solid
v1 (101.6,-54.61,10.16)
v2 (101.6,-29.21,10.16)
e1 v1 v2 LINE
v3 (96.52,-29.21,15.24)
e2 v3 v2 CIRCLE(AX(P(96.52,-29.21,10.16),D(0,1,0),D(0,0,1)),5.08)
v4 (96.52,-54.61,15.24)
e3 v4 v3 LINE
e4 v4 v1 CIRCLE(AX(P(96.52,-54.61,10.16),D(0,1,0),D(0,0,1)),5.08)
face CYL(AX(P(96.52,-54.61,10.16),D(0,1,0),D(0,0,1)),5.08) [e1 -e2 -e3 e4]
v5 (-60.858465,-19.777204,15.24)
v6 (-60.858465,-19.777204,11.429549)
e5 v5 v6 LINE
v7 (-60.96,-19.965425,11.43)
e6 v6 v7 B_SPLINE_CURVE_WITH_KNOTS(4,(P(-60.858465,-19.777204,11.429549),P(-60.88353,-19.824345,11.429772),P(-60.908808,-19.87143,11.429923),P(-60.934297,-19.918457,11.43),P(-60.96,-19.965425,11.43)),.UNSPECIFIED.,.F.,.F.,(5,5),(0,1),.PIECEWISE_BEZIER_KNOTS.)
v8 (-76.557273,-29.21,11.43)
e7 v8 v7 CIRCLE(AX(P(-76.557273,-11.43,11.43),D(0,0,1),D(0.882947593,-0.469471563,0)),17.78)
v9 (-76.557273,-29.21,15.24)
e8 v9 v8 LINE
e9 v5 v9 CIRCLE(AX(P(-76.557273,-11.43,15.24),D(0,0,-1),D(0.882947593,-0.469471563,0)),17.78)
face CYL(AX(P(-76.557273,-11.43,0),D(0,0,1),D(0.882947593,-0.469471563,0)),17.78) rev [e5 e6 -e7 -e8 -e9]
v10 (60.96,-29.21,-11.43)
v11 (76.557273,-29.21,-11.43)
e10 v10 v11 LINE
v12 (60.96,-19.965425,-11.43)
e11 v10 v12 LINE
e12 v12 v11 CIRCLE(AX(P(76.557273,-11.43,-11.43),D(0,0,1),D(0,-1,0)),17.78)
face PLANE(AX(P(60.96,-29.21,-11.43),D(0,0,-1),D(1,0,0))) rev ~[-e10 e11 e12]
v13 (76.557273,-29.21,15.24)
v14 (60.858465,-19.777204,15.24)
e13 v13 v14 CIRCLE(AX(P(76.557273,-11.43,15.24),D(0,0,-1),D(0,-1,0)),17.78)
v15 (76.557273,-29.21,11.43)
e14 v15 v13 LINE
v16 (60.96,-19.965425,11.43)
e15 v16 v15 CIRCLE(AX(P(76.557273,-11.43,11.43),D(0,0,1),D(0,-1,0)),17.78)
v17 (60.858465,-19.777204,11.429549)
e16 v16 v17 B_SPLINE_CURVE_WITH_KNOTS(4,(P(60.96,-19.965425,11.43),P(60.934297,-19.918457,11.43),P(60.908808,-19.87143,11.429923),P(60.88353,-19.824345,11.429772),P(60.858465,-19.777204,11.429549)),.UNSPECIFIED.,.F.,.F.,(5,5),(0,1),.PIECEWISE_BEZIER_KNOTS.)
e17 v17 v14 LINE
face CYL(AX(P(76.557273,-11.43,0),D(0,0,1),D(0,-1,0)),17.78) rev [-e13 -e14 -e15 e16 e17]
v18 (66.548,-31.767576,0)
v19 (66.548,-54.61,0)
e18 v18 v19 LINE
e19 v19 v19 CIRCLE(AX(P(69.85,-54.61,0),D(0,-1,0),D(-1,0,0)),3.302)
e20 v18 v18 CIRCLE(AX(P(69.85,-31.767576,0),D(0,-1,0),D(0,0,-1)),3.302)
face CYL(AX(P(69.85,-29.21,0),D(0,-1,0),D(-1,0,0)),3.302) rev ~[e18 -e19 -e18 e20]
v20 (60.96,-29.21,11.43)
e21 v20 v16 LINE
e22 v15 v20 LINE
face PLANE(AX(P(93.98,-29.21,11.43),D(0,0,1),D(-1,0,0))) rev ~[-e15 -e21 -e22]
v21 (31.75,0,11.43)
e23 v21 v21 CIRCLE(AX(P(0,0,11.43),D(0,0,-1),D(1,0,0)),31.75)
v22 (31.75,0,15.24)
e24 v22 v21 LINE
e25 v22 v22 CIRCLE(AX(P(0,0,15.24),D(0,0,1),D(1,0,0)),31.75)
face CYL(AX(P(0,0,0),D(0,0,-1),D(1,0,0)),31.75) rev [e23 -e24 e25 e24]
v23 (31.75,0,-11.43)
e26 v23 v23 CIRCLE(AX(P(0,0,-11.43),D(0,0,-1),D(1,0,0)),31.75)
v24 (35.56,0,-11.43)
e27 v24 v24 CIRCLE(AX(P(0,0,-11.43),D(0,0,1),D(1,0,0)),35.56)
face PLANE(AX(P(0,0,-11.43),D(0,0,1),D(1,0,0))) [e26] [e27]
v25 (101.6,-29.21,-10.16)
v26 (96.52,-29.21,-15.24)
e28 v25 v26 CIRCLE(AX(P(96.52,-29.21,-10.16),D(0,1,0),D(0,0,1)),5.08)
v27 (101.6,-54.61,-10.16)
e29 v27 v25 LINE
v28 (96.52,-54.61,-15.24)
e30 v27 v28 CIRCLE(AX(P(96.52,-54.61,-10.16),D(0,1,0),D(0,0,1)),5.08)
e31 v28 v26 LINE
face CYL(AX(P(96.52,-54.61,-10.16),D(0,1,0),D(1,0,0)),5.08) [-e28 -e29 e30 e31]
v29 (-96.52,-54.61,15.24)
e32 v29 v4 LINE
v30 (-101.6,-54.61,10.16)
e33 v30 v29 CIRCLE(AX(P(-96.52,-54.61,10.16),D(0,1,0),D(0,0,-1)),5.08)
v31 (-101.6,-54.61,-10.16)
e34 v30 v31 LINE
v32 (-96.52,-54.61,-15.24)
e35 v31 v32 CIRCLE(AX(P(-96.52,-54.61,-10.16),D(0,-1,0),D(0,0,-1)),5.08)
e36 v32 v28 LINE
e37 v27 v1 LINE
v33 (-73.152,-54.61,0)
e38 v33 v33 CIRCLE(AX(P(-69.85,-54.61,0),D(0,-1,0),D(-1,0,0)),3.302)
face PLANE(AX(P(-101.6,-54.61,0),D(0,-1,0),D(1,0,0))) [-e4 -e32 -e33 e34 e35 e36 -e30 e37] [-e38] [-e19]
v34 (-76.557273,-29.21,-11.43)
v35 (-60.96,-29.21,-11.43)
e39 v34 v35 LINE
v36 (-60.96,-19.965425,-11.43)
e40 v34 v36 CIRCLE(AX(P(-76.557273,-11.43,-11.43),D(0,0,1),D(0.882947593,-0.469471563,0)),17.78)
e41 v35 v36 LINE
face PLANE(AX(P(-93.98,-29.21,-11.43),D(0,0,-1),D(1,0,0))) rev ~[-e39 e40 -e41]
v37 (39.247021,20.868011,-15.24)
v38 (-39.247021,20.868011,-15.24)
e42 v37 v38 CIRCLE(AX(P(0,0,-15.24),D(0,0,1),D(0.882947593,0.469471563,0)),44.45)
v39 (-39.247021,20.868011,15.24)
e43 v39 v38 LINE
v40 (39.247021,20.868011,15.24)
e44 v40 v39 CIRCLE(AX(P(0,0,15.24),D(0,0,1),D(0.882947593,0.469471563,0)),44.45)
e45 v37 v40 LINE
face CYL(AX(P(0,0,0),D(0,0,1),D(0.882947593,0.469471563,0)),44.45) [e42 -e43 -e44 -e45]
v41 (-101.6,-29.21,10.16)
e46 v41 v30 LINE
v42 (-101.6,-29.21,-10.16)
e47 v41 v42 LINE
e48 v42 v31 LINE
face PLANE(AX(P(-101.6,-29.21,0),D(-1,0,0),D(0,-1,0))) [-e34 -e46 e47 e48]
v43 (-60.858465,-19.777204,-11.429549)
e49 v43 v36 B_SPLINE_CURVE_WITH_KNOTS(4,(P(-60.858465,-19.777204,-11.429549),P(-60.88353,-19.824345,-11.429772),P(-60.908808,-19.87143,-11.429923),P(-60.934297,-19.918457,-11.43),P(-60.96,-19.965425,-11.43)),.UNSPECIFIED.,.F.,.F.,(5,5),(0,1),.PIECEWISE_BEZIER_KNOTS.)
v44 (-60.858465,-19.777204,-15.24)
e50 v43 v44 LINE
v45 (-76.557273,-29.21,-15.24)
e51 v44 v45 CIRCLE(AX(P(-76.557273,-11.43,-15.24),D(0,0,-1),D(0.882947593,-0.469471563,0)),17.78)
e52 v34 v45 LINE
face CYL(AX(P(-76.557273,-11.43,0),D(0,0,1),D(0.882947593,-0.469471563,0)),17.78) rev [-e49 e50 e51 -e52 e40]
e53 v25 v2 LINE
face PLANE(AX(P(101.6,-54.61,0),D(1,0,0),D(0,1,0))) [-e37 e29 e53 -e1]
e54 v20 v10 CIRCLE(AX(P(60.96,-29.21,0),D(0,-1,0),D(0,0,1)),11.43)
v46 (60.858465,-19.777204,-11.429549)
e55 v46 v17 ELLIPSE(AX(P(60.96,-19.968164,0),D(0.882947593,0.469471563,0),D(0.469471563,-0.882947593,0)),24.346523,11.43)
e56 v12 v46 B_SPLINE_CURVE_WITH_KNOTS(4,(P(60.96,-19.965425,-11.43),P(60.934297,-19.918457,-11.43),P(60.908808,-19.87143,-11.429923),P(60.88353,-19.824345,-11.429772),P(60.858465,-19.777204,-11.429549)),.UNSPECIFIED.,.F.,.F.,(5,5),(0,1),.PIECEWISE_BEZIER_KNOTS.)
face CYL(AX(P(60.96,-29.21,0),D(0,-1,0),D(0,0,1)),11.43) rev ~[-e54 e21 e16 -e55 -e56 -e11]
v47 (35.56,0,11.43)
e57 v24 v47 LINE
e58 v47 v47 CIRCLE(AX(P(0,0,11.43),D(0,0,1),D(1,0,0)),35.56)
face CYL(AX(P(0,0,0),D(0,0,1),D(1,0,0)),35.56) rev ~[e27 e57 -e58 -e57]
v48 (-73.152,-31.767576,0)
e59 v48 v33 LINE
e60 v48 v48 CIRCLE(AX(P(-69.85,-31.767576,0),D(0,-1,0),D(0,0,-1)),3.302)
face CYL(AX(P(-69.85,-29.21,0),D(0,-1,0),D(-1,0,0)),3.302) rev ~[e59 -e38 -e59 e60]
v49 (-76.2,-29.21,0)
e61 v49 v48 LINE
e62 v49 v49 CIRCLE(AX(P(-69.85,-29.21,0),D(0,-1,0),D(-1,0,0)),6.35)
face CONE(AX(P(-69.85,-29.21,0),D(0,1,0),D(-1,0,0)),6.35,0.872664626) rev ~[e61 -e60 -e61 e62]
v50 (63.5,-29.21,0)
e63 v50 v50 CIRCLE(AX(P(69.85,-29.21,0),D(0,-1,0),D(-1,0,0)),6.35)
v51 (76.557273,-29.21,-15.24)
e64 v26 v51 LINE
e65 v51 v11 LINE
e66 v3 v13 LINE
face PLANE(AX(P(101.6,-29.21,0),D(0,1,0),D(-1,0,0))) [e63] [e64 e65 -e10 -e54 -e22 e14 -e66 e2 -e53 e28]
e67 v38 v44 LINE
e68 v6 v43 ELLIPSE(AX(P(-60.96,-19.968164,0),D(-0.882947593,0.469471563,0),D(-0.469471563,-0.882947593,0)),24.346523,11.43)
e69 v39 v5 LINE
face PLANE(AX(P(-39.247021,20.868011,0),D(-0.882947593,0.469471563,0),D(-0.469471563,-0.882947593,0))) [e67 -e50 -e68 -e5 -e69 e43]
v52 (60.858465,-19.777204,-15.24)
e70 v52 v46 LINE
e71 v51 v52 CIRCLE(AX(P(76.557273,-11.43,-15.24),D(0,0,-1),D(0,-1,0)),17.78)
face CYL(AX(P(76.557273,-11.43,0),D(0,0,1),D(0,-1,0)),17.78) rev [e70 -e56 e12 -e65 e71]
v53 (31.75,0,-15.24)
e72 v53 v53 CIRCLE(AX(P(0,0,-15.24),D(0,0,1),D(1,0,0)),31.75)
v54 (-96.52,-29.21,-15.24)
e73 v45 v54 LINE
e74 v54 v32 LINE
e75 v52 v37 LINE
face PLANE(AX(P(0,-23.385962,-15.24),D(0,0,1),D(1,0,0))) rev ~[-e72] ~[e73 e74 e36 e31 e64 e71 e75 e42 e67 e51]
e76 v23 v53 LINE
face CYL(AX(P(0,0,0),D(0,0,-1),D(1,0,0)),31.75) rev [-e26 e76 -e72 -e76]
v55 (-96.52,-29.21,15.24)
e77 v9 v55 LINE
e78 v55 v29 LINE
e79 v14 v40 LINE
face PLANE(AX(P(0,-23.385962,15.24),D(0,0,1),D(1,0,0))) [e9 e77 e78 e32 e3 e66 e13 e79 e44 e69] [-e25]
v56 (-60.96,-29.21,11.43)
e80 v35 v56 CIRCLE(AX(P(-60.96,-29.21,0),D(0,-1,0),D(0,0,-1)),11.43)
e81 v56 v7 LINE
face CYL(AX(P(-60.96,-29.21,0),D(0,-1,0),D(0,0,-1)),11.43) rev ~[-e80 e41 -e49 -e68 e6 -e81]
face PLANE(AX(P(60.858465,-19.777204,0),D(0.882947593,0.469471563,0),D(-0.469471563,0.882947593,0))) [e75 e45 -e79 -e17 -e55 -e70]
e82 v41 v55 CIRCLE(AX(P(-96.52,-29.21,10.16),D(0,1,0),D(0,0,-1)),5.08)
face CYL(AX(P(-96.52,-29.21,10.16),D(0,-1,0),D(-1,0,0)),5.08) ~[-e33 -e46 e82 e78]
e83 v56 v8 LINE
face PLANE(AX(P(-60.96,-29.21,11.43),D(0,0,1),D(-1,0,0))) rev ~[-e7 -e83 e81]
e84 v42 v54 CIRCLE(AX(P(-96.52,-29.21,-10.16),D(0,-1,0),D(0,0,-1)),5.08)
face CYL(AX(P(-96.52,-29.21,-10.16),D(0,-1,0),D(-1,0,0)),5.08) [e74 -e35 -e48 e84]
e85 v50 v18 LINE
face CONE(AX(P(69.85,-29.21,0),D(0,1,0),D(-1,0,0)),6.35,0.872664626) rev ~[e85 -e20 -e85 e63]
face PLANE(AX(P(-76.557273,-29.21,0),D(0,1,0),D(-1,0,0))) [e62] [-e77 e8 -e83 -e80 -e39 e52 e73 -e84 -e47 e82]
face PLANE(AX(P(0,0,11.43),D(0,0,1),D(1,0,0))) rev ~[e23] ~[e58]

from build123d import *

# Parameters (mm, degrees)
SKETCH1_R                             = 31.75
BOSS_EXTRUDE1_DEPTH                   = 15.24
FILLET1_R                             = 5.08
CUT_EXTRUDE2_DEPTH                    = 74.66
F_1_4_0_26_DIAMETER_HOLE1_D           = 6.604
F_1_4_0_26_DIAMETER_HOLE1_DEPTH       = 25.4
F_1_4_0_26_DIAMETER_HOLE1_CSINK_D     = 12.7
F_1_4_0_26_DIAMETER_HOLE1_CSINK_ANGLE = 100
SKETCH5_R                             = 35.56
CUT_EXTRUDE3_DEPTH                    = 11.43


with BuildPart() as part:
    # Sketch1 → Boss-Extrude1 (new body, symmetric)
    with BuildSketch(Plane.XY):
        with BuildLine():
            Line((-101.6, -54.61), (101.6, -54.61))
            Line((101.6, -54.61), (101.6, -29.21))
            Line((101.6, -29.21), (76.557273058, -29.21))
            ThreePointArc((76.557273058, -29.21), (67.399896086, -26.670434606), (60.858464857, -19.777204386))
            Line((60.858464857, -19.777204386), (39.247020503, 20.868010966))
            ThreePointArc((39.247020503, 20.868010966), (0, 44.45), (-39.247020503, 20.868010966))
            Line((-39.247020503, 20.868010966), (-60.858464857, -19.777204386))
            ThreePointArc((-60.858464857, -19.777204386), (-67.399896086, -26.670434606), (-76.557273058, -29.21))
            Line((-76.557273058, -29.21), (-101.6, -29.21))
            Line((-101.6, -29.21), (-101.6, -54.61))
        make_face()
        Circle(SKETCH1_R, mode=Mode.SUBTRACT)
    extrude(amount=BOSS_EXTRUDE1_DEPTH, both=True)

    # Fillet1
    fillet1_edges = [part.edges().sort_by_distance(p)[0] for p in [
        (101.6, -41.91, 15.24),
        (101.6, -41.91, -15.24),
        (-101.6, -41.91, -15.24),
        (-101.6, -41.91, 15.24),
    ]]
    fillet(fillet1_edges, radius=FILLET1_R)

    # Sketch2 → Cut-Extrude2 (cut, through all)
    with BuildSketch(Plane(origin=(0, -29.21, 0), x_dir=(1, 0, 0), z_dir=(0, 1, 0))):
        with BuildLine():
            Line((-93.98, 11.43), (-60.96, 11.43))
            ThreePointArc((-60.96, 11.43), (-49.53, 0), (-60.96, -11.43))
            Line((-60.96, -11.43), (-93.98, -11.43))
            Line((-93.98, -11.43), (-93.98, 11.43))
        make_face()
        with BuildLine():
            Line((93.98, 11.43), (93.98, -11.43))
            Line((93.98, -11.43), (60.96, -11.43))
            ThreePointArc((60.96, -11.43), (49.53, 0), (60.96, 11.43))
            Line((60.96, 11.43), (93.98, 11.43))
        make_face()
    extrude(amount=CUT_EXTRUDE2_DEPTH, mode=Mode.SUBTRACT)

    # 1/4 (0.26) Diameter Hole1
    with Locations(Plane(origin=(0, -29.21, 0), x_dir=(1, 0, 0), z_dir=(0, 1, 0))):
        with Locations((-69.85, 0), (69.85, 0)):
            CounterSinkHole(F_1_4_0_26_DIAMETER_HOLE1_D / 2, F_1_4_0_26_DIAMETER_HOLE1_CSINK_D / 2, depth=F_1_4_0_26_DIAMETER_HOLE1_DEPTH, counter_sink_angle=F_1_4_0_26_DIAMETER_HOLE1_CSINK_ANGLE)

    # Sketch5 → Cut-Extrude3 (cut, symmetric)
    with BuildSketch(Plane.XY):
        Circle(SKETCH5_R)
    extrude(amount=CUT_EXTRUDE3_DEPTH, both=True, mode=Mode.SUBTRACT)


solid = part.part
